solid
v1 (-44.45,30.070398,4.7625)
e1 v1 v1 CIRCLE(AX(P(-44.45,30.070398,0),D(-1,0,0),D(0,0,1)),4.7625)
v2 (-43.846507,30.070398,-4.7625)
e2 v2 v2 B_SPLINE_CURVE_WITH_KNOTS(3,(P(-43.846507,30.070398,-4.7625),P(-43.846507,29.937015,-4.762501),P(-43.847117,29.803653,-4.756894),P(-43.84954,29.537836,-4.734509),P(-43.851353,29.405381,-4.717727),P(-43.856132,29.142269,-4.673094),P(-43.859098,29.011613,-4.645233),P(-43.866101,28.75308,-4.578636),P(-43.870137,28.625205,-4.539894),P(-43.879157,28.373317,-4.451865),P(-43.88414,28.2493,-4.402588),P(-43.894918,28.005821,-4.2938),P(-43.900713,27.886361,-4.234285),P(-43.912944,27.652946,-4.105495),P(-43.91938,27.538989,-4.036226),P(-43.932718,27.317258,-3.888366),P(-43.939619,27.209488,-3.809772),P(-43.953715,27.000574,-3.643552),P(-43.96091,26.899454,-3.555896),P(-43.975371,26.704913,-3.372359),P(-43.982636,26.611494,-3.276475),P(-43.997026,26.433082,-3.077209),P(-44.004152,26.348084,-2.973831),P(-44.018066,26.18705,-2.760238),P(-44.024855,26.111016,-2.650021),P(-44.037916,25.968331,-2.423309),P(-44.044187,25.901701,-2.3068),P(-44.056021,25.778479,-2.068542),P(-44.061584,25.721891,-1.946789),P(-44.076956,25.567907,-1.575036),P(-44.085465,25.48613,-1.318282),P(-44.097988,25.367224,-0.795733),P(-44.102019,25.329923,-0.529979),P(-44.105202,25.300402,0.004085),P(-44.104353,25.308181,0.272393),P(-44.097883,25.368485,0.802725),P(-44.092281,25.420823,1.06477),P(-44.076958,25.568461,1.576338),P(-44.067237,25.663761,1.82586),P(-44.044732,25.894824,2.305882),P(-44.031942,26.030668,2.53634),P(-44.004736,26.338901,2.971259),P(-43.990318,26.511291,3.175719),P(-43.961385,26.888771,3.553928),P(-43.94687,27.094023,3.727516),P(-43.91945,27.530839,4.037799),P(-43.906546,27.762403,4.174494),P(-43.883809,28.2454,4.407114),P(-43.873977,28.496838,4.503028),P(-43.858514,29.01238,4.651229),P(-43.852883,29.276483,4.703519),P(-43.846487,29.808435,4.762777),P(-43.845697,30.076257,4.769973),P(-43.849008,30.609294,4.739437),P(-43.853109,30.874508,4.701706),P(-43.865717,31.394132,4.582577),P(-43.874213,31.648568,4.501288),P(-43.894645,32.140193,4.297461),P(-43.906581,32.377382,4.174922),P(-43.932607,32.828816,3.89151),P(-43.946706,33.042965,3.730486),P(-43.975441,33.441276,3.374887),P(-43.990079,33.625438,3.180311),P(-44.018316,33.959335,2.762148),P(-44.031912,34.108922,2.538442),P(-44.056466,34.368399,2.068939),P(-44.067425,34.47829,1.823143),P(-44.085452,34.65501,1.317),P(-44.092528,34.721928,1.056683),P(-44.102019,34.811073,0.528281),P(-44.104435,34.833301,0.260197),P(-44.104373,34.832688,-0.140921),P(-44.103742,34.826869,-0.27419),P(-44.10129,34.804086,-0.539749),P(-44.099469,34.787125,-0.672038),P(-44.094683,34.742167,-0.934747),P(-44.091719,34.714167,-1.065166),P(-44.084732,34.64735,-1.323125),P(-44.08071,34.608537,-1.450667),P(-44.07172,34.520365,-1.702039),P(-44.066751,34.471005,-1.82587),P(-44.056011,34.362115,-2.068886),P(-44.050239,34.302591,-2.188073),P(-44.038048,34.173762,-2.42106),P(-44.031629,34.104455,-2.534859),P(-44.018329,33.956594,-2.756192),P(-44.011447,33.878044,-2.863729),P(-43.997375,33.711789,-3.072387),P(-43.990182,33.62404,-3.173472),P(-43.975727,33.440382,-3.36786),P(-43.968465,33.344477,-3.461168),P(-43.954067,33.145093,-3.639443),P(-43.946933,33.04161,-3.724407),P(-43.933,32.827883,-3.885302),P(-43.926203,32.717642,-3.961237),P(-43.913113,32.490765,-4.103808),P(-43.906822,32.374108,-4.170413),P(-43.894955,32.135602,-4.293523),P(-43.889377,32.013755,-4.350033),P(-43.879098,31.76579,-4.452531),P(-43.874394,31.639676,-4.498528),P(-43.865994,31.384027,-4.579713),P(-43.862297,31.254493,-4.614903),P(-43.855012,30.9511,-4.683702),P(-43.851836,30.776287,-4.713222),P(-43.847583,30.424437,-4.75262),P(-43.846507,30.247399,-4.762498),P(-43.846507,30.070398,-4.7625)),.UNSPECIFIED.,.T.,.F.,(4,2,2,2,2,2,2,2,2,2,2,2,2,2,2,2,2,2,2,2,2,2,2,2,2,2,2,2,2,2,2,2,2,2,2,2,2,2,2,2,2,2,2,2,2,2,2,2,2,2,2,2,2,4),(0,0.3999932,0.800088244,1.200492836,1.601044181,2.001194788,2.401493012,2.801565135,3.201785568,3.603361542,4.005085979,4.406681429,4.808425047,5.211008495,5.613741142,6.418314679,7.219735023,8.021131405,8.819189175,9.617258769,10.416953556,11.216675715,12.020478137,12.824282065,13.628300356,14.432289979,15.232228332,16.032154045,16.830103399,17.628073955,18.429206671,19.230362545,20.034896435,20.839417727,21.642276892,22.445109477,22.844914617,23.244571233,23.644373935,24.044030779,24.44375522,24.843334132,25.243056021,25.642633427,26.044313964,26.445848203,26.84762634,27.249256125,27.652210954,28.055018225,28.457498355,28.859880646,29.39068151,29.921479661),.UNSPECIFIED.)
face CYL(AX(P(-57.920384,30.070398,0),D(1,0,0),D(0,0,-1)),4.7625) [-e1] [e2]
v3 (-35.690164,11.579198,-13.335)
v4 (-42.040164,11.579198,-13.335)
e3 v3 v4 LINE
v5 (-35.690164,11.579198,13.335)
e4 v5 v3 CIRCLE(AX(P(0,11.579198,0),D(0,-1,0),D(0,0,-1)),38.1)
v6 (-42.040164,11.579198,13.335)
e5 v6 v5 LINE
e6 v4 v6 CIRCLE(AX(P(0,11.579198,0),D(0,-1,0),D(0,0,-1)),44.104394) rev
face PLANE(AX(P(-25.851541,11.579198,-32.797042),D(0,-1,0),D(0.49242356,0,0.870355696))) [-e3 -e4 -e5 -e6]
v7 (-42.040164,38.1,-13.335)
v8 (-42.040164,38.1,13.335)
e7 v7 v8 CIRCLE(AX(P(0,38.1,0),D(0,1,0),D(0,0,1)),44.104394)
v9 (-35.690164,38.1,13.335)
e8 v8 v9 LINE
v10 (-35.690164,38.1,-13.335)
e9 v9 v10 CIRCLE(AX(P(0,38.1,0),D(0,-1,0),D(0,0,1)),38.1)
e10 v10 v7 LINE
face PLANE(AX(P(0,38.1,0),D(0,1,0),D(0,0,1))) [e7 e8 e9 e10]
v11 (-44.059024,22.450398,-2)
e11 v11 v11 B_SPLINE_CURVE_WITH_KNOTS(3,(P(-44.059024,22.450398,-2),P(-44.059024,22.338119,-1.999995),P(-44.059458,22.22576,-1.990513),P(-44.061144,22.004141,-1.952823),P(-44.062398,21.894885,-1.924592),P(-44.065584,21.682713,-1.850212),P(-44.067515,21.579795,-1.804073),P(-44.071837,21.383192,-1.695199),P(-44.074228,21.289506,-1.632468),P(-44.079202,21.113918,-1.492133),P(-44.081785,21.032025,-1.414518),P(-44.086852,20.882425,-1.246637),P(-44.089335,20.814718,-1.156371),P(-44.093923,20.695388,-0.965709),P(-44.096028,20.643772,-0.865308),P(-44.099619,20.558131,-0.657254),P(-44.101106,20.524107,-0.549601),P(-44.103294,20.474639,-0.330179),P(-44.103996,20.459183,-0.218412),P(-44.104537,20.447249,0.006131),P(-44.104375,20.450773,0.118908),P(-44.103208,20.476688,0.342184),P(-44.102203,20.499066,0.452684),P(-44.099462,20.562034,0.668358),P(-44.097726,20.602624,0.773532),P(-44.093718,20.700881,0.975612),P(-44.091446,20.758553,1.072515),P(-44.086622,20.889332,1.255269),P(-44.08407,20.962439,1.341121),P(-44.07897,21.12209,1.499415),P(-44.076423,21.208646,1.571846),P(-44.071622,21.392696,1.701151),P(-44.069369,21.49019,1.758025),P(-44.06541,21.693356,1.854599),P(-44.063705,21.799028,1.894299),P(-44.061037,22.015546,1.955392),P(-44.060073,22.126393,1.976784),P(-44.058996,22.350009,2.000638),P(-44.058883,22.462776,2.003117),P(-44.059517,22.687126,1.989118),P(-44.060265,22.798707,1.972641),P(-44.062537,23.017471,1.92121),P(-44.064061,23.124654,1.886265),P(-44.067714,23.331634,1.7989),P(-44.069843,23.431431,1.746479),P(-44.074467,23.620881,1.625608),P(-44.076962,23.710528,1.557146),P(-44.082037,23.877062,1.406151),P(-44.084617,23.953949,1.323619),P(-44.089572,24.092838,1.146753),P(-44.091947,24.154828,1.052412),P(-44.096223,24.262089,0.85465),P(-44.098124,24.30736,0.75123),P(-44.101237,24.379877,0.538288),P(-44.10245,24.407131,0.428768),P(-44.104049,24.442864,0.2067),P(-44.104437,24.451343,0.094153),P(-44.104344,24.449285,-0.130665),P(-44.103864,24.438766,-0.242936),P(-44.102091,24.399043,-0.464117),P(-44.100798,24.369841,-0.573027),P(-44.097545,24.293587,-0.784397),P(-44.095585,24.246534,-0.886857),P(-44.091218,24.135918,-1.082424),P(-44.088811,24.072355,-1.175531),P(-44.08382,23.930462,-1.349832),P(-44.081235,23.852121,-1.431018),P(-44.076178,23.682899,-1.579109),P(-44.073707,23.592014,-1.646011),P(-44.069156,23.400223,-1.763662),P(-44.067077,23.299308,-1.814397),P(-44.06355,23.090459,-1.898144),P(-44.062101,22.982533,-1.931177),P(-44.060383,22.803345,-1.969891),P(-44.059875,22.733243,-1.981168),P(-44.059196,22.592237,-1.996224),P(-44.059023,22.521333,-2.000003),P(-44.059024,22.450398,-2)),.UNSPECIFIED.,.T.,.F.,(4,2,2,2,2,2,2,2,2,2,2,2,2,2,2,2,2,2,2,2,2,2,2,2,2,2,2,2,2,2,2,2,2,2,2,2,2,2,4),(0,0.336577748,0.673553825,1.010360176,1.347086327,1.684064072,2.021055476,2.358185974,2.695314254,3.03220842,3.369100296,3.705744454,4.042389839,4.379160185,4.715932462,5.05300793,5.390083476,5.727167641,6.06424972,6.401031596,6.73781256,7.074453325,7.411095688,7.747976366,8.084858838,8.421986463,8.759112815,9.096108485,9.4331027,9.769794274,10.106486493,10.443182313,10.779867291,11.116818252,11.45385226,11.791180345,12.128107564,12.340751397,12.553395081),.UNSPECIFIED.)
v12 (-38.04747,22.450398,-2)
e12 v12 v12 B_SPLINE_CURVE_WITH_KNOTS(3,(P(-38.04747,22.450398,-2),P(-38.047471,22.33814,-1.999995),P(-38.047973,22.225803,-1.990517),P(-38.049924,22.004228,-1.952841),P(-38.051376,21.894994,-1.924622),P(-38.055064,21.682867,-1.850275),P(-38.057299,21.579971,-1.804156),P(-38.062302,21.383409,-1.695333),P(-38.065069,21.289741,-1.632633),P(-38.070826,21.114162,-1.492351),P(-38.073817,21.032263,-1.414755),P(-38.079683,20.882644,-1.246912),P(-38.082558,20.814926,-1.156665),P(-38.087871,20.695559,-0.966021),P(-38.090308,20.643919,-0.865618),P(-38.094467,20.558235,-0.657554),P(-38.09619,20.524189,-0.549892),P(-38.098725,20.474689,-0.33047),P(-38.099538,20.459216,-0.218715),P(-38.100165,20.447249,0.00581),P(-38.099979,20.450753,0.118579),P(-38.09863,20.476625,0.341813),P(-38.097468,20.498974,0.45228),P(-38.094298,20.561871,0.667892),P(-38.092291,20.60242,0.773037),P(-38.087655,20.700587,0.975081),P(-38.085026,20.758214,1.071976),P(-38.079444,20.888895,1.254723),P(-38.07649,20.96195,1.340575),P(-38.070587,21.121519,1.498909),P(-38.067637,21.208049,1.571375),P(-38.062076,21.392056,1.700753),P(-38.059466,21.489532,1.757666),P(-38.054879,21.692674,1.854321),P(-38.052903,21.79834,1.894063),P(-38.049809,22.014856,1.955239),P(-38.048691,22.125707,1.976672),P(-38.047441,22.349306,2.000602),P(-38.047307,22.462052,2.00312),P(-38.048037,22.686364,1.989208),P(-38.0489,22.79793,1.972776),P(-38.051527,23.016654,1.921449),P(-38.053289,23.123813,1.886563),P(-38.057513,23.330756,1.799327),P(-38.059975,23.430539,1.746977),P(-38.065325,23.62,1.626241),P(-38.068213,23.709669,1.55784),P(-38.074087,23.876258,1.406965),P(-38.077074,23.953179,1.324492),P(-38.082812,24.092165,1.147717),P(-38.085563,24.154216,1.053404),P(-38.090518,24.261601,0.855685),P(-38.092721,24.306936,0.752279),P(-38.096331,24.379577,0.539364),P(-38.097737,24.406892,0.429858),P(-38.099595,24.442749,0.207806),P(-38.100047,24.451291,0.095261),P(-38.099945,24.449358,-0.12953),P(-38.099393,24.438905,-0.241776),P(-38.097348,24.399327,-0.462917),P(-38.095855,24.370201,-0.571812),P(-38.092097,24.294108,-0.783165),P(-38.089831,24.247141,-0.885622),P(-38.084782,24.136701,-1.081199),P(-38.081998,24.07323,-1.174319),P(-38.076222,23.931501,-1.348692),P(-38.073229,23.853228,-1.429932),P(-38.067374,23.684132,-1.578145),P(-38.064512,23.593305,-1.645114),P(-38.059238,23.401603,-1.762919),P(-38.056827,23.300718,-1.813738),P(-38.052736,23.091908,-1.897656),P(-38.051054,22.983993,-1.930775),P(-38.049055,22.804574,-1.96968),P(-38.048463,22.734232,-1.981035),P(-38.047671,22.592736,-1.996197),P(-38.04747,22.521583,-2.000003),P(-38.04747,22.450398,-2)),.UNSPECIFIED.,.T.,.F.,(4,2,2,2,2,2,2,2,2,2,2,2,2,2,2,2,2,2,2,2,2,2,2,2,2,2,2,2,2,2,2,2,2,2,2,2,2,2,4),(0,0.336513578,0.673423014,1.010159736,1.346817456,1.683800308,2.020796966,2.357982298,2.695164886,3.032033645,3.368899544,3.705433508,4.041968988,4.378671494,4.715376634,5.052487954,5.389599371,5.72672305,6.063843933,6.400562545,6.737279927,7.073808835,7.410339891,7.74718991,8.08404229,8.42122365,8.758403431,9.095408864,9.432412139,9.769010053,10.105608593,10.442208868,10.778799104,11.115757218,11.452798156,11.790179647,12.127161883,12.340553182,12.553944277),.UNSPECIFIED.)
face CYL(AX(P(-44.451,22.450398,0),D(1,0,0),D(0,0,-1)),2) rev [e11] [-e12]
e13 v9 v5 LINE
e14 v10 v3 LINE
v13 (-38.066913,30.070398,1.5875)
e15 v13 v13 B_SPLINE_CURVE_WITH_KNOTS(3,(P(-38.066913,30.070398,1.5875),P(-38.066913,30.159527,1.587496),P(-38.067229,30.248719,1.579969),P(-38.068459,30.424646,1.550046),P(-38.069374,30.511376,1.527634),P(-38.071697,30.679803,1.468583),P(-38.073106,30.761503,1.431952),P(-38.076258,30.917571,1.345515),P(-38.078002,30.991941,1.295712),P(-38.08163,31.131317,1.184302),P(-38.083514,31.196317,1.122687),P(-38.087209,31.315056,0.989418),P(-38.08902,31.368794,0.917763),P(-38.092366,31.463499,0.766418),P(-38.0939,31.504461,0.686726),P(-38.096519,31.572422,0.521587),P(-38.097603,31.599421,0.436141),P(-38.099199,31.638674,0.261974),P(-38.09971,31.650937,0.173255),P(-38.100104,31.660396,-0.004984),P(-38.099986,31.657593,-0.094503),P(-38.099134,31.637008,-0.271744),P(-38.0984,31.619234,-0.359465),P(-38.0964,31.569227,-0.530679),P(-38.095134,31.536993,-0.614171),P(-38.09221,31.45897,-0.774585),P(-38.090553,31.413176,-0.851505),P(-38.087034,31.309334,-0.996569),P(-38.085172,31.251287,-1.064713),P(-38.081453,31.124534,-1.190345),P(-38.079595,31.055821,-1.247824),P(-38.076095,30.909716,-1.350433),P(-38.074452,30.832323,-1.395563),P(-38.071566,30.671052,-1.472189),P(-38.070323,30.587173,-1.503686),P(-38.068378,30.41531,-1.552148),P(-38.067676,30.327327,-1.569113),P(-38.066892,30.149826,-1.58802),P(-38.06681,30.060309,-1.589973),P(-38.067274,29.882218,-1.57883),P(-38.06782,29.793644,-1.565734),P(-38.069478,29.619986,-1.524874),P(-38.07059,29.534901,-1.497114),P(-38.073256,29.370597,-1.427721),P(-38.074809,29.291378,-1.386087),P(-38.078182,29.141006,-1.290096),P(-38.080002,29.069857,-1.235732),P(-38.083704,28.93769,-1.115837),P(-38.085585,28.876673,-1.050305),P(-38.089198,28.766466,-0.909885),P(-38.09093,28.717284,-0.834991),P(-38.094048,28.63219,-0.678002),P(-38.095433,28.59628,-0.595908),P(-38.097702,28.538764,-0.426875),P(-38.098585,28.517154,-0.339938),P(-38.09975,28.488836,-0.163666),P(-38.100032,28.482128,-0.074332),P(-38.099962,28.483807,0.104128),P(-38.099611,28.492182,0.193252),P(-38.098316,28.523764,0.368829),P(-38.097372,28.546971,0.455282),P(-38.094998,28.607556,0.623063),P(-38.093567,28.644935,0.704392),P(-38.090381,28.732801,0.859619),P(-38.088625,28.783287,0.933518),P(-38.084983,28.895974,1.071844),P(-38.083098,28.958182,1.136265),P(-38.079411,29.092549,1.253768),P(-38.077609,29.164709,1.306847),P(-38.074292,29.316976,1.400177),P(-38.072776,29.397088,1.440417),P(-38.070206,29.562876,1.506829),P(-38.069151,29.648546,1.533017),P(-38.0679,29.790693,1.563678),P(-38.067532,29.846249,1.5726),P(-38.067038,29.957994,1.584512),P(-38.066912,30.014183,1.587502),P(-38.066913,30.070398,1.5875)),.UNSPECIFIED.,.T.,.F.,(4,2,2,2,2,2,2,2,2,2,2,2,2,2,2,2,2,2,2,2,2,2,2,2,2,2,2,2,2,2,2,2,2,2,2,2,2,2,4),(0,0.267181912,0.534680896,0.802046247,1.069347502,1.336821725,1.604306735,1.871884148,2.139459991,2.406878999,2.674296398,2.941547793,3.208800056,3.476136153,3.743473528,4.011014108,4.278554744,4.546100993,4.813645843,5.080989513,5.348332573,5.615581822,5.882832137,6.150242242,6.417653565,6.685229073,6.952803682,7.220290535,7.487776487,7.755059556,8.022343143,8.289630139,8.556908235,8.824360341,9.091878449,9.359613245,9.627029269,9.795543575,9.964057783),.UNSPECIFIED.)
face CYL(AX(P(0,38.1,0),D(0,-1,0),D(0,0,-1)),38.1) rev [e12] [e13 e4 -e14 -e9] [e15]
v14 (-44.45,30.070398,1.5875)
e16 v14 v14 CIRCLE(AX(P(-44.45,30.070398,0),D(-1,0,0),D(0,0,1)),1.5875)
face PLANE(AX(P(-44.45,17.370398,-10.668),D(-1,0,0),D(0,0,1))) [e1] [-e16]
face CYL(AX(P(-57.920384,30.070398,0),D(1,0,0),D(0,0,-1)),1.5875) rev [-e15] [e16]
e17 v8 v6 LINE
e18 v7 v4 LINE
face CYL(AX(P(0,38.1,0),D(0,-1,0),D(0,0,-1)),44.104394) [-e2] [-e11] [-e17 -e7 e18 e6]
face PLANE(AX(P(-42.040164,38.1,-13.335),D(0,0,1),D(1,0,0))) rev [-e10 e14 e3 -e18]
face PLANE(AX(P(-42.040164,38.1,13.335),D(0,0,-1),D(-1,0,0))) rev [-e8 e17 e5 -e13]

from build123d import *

# Parameters (mm, degrees)
BOSS_EXTRUDE1_DEPTH     = 38.1
SKETCH2_R               = 4.7625
SKETCH2_R_2             = 1.5875
BOSS_EXTRUDE3_DEPTH     = 2.409836439
CUT_EXTRUDE1_START      = -11.579198
CUT_EXTRUDE1_DEPTH      = 11.579198
SKETCH5_R               = 1.5875
CUT_EXTRUDE4_DEPTH      = 42.305774048
CUT_EXTRUDE5_REACH      = 43.306
CUT_EXTRUDE5_END_RADIUS = 44.104394081
SKETCH6_R               = 2


with BuildPart() as part:
    # Sketch1 → Boss-Extrude1 (new body)
    with BuildSketch(Plane(origin=(0, 0, 0), x_dir=(1, 0, 0), z_dir=(0, 1, 0))):
        with BuildLine():
            Line((-42.040163561, -13.335), (-35.690163561, -13.335))
            ThreePointArc((-35.690163561, -13.335), (-38.1, 0), (-35.690163561, 13.335))
            Line((-35.690163561, 13.335), (-42.040163561, 13.335))
            ThreePointArc((-42.040163561, 13.335), (-44.104394081, 0), (-42.040163561, -13.335))
        make_face()
    extrude(amount=BOSS_EXTRUDE1_DEPTH)

    # Sketch2 → Boss-Extrude3 (add)
    with BuildSketch(Plane.ZY.offset(42.040163561)):
        with Locations(Location((0, 30.070397704, 0), (0, 0, 180))):
            Circle(SKETCH2_R)
        with Locations(Location((0, 30.070397704, 0), (0, 0, 180))):
            Circle(SKETCH2_R_2, mode=Mode.SUBTRACT)
    extrude(amount=BOSS_EXTRUDE3_DEPTH)

    # Sketch3 → Cut-Extrude1 (cut)
    with BuildSketch(Plane.XZ.offset(CUT_EXTRUDE1_START)):
        with BuildLine():
            Line((-42.040163561, 13.335), (-35.690163561, 13.335))
            ThreePointArc((-35.690163561, 13.335), (-38.1, 0), (-35.690163561, -13.335))
            Line((-35.690163561, -13.335), (-42.040163561, -13.335))
            ThreePointArc((-42.040163561, -13.335), (-44.104394081, 0), (-42.040163561, 13.335))
        make_face()
    extrude(amount=CUT_EXTRUDE1_DEPTH, mode=Mode.SUBTRACT)

    # Sketch5 → Cut-Extrude4 (cut, through all)
    with BuildSketch(Plane.ZY.offset(44.45)):
        with Locations((0, 30.070397704)):
            Circle(SKETCH5_R)
    extrude(amount=-CUT_EXTRUDE4_DEPTH, mode=Mode.SUBTRACT)

    # Cut-Extrude5: up to this cylinder (the profile starts inside it)
    cut_extrude5_end = Plane(origin=(0, 22.450398, 0), z_dir=(0, -1, 0)) * Cylinder(CUT_EXTRUDE5_END_RADIUS, 175.820788161, mode=Mode.PRIVATE)
    # Sketch6 → Cut-Extrude5 (cut, up to the surface)
    with BuildSketch(Plane(origin=(-35.690163561, 0, 0), x_dir=(0, 0, -1), z_dir=(1, 0, 0)), mode=Mode.PRIVATE) as cut_extrude5_sk1:
        with Locations((0, 22.450397704)):
            Circle(SKETCH6_R)
    cut_extrude5_tool1 = extrude(cut_extrude5_sk1.sketch, amount=-CUT_EXTRUDE5_REACH, mode=Mode.PRIVATE) & cut_extrude5_end
    add(cut_extrude5_tool1.solids().sort_by_distance((-35.690164, 22.450398, 0))[0], mode=Mode.SUBTRACT)


solid = part.part
